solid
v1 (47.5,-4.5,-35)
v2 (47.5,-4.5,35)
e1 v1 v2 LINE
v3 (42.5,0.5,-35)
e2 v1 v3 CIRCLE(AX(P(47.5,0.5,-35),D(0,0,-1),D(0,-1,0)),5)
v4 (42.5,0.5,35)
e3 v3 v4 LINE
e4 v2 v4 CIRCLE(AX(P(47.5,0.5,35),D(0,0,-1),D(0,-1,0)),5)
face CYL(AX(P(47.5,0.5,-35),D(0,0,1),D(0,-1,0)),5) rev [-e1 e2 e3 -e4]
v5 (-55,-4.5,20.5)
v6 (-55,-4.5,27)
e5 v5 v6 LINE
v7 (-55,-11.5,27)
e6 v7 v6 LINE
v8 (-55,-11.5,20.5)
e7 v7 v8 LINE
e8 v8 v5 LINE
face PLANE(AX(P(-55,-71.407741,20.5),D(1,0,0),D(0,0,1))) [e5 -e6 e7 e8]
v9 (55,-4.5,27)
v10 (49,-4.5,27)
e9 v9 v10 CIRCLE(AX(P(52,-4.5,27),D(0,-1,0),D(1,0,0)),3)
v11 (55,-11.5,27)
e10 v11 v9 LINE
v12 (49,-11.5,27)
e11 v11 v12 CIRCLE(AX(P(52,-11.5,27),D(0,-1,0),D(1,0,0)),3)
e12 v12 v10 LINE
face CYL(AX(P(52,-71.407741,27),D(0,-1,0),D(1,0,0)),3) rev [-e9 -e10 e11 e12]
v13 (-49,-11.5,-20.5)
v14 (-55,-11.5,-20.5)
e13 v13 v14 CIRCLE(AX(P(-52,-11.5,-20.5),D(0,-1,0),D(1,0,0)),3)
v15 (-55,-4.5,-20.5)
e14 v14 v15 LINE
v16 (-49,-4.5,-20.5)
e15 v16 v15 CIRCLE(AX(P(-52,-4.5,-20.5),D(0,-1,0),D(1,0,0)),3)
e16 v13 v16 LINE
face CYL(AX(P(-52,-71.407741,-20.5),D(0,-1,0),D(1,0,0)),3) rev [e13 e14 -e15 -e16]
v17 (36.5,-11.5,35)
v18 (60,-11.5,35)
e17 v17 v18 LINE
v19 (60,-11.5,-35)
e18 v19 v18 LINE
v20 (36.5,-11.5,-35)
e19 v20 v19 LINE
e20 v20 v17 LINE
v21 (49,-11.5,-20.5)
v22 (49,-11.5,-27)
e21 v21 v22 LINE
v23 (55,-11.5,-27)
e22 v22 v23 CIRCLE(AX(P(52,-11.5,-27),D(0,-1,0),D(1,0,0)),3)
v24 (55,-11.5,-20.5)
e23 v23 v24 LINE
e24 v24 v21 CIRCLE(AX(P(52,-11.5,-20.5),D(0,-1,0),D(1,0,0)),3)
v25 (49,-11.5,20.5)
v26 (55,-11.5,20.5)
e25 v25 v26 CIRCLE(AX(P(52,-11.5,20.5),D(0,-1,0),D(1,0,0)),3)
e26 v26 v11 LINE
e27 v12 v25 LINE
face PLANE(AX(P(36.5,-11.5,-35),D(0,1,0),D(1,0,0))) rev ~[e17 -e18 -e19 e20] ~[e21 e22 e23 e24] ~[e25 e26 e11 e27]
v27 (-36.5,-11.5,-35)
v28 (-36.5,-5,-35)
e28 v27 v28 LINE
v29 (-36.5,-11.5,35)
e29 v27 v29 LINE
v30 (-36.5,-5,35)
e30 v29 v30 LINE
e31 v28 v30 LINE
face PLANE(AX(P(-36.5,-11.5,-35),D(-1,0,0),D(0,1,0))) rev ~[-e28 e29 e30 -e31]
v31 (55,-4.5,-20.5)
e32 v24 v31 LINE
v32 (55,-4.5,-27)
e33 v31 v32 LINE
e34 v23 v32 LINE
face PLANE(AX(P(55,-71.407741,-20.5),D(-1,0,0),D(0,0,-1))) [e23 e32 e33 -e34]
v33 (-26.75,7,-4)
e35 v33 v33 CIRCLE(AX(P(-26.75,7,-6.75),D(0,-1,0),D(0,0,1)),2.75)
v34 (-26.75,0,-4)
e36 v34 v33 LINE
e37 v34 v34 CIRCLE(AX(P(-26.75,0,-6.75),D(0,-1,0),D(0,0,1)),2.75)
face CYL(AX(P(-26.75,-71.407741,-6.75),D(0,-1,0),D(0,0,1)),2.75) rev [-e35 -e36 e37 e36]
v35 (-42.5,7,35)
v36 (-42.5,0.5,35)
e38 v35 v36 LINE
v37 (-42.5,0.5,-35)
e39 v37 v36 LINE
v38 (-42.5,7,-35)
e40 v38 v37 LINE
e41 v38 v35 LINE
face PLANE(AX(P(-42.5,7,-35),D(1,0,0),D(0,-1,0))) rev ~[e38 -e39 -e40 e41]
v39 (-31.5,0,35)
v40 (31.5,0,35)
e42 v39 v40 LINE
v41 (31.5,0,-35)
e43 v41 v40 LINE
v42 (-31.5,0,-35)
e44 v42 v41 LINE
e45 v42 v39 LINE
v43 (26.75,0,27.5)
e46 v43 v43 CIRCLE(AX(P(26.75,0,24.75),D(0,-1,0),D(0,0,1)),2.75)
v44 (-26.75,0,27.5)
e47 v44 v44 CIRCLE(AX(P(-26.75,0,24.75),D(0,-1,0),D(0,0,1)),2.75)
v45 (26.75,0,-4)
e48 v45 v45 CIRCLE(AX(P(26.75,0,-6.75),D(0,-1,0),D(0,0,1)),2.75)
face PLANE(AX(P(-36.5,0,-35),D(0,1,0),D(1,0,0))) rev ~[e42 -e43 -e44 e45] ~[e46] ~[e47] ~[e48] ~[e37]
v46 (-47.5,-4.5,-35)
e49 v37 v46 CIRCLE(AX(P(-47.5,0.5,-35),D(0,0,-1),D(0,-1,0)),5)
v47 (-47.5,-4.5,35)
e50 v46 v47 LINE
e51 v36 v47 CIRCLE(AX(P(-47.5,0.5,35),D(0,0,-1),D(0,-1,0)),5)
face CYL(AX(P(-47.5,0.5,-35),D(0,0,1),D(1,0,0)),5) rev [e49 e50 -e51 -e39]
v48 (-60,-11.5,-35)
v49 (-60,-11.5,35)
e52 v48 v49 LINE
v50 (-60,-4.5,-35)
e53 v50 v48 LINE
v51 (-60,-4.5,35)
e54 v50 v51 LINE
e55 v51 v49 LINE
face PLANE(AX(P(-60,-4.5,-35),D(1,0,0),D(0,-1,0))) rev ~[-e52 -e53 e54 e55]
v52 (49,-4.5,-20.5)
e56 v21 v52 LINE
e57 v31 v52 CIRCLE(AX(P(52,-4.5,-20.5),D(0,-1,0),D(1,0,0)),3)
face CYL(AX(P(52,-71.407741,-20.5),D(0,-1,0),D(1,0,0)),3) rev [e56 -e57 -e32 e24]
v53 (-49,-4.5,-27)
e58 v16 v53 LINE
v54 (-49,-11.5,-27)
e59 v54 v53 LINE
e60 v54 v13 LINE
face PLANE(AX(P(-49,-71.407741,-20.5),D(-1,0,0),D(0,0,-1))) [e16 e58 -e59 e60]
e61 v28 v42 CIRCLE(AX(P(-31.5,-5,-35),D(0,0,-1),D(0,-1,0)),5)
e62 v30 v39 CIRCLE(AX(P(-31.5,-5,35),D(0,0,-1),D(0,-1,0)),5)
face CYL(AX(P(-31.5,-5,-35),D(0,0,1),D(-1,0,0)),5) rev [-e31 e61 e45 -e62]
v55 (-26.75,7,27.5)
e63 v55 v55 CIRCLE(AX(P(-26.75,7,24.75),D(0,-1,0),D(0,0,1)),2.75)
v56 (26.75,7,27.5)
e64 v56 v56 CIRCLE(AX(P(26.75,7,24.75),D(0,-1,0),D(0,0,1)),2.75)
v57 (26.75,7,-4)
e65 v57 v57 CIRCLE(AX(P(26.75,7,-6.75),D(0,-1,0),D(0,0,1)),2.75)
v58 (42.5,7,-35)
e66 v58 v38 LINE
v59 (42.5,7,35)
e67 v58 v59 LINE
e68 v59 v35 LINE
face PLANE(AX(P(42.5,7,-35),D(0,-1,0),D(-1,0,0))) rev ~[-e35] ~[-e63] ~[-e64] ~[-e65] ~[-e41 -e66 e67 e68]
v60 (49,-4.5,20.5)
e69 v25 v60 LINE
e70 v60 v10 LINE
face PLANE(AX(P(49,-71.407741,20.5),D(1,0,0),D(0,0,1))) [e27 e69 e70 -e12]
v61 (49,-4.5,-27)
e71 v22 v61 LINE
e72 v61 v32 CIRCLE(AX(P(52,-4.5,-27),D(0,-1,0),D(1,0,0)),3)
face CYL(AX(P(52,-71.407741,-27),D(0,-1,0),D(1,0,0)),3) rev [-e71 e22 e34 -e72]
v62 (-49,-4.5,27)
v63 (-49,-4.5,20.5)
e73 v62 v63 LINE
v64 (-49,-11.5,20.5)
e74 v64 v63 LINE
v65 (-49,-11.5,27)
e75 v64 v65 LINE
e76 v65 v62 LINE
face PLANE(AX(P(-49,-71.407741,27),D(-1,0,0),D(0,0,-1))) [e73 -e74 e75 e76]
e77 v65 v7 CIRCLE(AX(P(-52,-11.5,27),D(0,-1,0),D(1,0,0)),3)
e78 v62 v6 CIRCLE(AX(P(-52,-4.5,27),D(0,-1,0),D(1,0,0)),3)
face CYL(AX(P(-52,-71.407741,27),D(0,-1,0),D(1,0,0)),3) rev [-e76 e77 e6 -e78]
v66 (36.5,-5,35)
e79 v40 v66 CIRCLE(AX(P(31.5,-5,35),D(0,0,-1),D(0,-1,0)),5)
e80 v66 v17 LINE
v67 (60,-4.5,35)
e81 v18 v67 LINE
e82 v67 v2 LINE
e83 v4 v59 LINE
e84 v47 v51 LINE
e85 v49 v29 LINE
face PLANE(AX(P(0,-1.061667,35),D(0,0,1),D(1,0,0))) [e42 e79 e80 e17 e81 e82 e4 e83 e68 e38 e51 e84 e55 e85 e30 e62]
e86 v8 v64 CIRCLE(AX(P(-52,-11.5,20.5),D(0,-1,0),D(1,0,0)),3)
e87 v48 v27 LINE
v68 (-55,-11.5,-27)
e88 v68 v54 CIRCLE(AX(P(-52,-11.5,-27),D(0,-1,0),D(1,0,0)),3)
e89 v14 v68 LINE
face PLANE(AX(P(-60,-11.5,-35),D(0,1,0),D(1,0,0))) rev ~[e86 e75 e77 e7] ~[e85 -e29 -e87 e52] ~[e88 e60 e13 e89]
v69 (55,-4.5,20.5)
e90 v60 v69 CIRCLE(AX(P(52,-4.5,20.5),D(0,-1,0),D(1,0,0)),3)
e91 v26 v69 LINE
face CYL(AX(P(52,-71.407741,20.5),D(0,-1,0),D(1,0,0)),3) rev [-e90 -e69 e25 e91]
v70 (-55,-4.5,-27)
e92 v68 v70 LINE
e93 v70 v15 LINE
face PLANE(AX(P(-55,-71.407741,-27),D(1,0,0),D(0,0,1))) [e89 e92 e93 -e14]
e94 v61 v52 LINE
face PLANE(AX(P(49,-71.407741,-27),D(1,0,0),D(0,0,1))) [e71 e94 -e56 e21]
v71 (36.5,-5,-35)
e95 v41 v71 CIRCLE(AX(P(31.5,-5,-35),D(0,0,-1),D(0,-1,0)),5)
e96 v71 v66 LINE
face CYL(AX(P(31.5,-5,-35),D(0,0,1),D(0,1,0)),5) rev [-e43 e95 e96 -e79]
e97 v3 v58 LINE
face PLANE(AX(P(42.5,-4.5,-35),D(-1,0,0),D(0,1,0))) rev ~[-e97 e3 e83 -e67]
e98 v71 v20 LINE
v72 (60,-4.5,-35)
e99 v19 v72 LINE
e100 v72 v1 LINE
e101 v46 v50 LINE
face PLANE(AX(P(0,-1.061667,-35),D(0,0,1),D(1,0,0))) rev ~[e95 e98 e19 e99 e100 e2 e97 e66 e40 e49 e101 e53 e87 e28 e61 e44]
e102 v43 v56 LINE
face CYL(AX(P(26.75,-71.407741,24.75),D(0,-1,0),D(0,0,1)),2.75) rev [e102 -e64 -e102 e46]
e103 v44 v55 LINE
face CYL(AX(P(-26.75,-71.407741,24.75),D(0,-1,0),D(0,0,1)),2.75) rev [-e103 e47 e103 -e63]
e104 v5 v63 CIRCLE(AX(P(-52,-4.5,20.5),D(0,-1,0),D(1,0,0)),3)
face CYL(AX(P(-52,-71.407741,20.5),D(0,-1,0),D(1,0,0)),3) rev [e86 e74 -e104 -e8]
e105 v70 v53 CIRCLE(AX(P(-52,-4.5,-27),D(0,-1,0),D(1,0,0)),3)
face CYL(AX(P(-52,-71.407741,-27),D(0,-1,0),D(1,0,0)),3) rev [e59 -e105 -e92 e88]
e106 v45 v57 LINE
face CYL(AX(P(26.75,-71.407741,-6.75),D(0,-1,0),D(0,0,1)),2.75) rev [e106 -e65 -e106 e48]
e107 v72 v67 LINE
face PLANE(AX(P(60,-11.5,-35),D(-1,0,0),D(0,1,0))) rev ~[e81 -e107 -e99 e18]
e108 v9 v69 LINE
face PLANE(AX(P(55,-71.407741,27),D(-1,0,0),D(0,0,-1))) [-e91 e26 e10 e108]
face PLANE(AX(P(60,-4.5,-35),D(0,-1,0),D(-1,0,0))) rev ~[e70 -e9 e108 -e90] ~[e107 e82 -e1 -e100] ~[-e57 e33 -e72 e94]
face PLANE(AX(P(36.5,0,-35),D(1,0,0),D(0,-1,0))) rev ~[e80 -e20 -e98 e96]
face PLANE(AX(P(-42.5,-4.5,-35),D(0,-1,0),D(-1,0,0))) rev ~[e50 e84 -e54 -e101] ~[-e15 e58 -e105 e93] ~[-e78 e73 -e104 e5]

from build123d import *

# Parameters (mm, degrees)
BOSS_EXTRUDE1_DEPTH      = 35
BOSS_EXTRUDE1_DEPTH_BACK = 35
FILLET1_R                = 5
CUT_EXTRUDE1_DEPTH       = 71.407741052
CUT_EXTRUDE1_DEPTH_BACK  = 71.407741052
SKETCH2_R                = 2.75


with BuildPart() as part:
    # Sketch1 → Boss-Extrude1 (new, two sides: drawn at the far end of the back side and taken through both)
    with BuildSketch(Plane.XY.offset(-BOSS_EXTRUDE1_DEPTH_BACK)):
        Polygon((-60, -11.5), (-36.5, -11.5), (-36.5, 0), (36.5, 0), (36.5, -11.5), (60, -11.5), (60, -4.5), (42.5, -4.5), (42.5, 7), (-42.5, 7), (-42.5, -4.5), (-60, -4.5), align=None)
    extrude(amount=BOSS_EXTRUDE1_DEPTH + BOSS_EXTRUDE1_DEPTH_BACK)

    # Fillet1
    fillet1_edges = [part.edges().sort_by_distance(p)[0] for p in [
        (36.5, 0, 0),
        (-36.5, 0, 0),
        (-42.5, -4.5, 0),
        (42.5, -4.5, 0),
    ]]
    fillet(fillet1_edges, radius=FILLET1_R)

    # Sketch2 → Cut-Extrude1 (cut, two sides: drawn at the far end of the back side and taken through both)
    with BuildSketch(Plane(origin=(0, 0, 0), x_dir=(1, 0, 0), z_dir=(0, 1, 0)).offset(-CUT_EXTRUDE1_DEPTH_BACK)):
        with BuildLine():
            Line((-49, -27), (-49, -20.5))
            ThreePointArc((-49, -20.5), (-52, -17.5), (-55, -20.5))
            Line((-55, -20.5), (-55, -27))
            ThreePointArc((-55, -27), (-52, -30), (-49, -27))
        make_face()
        with BuildLine():
            ThreePointArc((55, -20.5), (52, -17.5), (49, -20.5))
            Line((49, -20.5), (49, -27))
            ThreePointArc((49, -27), (52, -30), (55, -27))
            Line((55, -27), (55, -20.5))
        make_face()
        with BuildLine():
            ThreePointArc((55, 27), (52, 30), (49, 27))
            Line((49, 27), (49, 20.5))
            ThreePointArc((49, 20.5), (52, 17.5), (55, 20.5))
            Line((55, 20.5), (55, 27))
        make_face()
        with BuildLine():
            Line((-49, 20.5), (-49, 27))
            ThreePointArc((-49, 27), (-52, 30), (-55, 27))
            Line((-55, 27), (-55, 20.5))
            ThreePointArc((-55, 20.5), (-52, 17.5), (-49, 20.5))
        make_face()
        with Locations((-26.75, 6.75)):
            Circle(SKETCH2_R)
        with Locations((-26.75, -24.75)):
            Circle(SKETCH2_R)
        with Locations((26.75, 6.75)):
            Circle(SKETCH2_R)
        with Locations((26.75, -24.75)):
            Circle(SKETCH2_R)
    extrude(amount=CUT_EXTRUDE1_DEPTH + CUT_EXTRUDE1_DEPTH_BACK, mode=Mode.SUBTRACT)


solid = part.part
